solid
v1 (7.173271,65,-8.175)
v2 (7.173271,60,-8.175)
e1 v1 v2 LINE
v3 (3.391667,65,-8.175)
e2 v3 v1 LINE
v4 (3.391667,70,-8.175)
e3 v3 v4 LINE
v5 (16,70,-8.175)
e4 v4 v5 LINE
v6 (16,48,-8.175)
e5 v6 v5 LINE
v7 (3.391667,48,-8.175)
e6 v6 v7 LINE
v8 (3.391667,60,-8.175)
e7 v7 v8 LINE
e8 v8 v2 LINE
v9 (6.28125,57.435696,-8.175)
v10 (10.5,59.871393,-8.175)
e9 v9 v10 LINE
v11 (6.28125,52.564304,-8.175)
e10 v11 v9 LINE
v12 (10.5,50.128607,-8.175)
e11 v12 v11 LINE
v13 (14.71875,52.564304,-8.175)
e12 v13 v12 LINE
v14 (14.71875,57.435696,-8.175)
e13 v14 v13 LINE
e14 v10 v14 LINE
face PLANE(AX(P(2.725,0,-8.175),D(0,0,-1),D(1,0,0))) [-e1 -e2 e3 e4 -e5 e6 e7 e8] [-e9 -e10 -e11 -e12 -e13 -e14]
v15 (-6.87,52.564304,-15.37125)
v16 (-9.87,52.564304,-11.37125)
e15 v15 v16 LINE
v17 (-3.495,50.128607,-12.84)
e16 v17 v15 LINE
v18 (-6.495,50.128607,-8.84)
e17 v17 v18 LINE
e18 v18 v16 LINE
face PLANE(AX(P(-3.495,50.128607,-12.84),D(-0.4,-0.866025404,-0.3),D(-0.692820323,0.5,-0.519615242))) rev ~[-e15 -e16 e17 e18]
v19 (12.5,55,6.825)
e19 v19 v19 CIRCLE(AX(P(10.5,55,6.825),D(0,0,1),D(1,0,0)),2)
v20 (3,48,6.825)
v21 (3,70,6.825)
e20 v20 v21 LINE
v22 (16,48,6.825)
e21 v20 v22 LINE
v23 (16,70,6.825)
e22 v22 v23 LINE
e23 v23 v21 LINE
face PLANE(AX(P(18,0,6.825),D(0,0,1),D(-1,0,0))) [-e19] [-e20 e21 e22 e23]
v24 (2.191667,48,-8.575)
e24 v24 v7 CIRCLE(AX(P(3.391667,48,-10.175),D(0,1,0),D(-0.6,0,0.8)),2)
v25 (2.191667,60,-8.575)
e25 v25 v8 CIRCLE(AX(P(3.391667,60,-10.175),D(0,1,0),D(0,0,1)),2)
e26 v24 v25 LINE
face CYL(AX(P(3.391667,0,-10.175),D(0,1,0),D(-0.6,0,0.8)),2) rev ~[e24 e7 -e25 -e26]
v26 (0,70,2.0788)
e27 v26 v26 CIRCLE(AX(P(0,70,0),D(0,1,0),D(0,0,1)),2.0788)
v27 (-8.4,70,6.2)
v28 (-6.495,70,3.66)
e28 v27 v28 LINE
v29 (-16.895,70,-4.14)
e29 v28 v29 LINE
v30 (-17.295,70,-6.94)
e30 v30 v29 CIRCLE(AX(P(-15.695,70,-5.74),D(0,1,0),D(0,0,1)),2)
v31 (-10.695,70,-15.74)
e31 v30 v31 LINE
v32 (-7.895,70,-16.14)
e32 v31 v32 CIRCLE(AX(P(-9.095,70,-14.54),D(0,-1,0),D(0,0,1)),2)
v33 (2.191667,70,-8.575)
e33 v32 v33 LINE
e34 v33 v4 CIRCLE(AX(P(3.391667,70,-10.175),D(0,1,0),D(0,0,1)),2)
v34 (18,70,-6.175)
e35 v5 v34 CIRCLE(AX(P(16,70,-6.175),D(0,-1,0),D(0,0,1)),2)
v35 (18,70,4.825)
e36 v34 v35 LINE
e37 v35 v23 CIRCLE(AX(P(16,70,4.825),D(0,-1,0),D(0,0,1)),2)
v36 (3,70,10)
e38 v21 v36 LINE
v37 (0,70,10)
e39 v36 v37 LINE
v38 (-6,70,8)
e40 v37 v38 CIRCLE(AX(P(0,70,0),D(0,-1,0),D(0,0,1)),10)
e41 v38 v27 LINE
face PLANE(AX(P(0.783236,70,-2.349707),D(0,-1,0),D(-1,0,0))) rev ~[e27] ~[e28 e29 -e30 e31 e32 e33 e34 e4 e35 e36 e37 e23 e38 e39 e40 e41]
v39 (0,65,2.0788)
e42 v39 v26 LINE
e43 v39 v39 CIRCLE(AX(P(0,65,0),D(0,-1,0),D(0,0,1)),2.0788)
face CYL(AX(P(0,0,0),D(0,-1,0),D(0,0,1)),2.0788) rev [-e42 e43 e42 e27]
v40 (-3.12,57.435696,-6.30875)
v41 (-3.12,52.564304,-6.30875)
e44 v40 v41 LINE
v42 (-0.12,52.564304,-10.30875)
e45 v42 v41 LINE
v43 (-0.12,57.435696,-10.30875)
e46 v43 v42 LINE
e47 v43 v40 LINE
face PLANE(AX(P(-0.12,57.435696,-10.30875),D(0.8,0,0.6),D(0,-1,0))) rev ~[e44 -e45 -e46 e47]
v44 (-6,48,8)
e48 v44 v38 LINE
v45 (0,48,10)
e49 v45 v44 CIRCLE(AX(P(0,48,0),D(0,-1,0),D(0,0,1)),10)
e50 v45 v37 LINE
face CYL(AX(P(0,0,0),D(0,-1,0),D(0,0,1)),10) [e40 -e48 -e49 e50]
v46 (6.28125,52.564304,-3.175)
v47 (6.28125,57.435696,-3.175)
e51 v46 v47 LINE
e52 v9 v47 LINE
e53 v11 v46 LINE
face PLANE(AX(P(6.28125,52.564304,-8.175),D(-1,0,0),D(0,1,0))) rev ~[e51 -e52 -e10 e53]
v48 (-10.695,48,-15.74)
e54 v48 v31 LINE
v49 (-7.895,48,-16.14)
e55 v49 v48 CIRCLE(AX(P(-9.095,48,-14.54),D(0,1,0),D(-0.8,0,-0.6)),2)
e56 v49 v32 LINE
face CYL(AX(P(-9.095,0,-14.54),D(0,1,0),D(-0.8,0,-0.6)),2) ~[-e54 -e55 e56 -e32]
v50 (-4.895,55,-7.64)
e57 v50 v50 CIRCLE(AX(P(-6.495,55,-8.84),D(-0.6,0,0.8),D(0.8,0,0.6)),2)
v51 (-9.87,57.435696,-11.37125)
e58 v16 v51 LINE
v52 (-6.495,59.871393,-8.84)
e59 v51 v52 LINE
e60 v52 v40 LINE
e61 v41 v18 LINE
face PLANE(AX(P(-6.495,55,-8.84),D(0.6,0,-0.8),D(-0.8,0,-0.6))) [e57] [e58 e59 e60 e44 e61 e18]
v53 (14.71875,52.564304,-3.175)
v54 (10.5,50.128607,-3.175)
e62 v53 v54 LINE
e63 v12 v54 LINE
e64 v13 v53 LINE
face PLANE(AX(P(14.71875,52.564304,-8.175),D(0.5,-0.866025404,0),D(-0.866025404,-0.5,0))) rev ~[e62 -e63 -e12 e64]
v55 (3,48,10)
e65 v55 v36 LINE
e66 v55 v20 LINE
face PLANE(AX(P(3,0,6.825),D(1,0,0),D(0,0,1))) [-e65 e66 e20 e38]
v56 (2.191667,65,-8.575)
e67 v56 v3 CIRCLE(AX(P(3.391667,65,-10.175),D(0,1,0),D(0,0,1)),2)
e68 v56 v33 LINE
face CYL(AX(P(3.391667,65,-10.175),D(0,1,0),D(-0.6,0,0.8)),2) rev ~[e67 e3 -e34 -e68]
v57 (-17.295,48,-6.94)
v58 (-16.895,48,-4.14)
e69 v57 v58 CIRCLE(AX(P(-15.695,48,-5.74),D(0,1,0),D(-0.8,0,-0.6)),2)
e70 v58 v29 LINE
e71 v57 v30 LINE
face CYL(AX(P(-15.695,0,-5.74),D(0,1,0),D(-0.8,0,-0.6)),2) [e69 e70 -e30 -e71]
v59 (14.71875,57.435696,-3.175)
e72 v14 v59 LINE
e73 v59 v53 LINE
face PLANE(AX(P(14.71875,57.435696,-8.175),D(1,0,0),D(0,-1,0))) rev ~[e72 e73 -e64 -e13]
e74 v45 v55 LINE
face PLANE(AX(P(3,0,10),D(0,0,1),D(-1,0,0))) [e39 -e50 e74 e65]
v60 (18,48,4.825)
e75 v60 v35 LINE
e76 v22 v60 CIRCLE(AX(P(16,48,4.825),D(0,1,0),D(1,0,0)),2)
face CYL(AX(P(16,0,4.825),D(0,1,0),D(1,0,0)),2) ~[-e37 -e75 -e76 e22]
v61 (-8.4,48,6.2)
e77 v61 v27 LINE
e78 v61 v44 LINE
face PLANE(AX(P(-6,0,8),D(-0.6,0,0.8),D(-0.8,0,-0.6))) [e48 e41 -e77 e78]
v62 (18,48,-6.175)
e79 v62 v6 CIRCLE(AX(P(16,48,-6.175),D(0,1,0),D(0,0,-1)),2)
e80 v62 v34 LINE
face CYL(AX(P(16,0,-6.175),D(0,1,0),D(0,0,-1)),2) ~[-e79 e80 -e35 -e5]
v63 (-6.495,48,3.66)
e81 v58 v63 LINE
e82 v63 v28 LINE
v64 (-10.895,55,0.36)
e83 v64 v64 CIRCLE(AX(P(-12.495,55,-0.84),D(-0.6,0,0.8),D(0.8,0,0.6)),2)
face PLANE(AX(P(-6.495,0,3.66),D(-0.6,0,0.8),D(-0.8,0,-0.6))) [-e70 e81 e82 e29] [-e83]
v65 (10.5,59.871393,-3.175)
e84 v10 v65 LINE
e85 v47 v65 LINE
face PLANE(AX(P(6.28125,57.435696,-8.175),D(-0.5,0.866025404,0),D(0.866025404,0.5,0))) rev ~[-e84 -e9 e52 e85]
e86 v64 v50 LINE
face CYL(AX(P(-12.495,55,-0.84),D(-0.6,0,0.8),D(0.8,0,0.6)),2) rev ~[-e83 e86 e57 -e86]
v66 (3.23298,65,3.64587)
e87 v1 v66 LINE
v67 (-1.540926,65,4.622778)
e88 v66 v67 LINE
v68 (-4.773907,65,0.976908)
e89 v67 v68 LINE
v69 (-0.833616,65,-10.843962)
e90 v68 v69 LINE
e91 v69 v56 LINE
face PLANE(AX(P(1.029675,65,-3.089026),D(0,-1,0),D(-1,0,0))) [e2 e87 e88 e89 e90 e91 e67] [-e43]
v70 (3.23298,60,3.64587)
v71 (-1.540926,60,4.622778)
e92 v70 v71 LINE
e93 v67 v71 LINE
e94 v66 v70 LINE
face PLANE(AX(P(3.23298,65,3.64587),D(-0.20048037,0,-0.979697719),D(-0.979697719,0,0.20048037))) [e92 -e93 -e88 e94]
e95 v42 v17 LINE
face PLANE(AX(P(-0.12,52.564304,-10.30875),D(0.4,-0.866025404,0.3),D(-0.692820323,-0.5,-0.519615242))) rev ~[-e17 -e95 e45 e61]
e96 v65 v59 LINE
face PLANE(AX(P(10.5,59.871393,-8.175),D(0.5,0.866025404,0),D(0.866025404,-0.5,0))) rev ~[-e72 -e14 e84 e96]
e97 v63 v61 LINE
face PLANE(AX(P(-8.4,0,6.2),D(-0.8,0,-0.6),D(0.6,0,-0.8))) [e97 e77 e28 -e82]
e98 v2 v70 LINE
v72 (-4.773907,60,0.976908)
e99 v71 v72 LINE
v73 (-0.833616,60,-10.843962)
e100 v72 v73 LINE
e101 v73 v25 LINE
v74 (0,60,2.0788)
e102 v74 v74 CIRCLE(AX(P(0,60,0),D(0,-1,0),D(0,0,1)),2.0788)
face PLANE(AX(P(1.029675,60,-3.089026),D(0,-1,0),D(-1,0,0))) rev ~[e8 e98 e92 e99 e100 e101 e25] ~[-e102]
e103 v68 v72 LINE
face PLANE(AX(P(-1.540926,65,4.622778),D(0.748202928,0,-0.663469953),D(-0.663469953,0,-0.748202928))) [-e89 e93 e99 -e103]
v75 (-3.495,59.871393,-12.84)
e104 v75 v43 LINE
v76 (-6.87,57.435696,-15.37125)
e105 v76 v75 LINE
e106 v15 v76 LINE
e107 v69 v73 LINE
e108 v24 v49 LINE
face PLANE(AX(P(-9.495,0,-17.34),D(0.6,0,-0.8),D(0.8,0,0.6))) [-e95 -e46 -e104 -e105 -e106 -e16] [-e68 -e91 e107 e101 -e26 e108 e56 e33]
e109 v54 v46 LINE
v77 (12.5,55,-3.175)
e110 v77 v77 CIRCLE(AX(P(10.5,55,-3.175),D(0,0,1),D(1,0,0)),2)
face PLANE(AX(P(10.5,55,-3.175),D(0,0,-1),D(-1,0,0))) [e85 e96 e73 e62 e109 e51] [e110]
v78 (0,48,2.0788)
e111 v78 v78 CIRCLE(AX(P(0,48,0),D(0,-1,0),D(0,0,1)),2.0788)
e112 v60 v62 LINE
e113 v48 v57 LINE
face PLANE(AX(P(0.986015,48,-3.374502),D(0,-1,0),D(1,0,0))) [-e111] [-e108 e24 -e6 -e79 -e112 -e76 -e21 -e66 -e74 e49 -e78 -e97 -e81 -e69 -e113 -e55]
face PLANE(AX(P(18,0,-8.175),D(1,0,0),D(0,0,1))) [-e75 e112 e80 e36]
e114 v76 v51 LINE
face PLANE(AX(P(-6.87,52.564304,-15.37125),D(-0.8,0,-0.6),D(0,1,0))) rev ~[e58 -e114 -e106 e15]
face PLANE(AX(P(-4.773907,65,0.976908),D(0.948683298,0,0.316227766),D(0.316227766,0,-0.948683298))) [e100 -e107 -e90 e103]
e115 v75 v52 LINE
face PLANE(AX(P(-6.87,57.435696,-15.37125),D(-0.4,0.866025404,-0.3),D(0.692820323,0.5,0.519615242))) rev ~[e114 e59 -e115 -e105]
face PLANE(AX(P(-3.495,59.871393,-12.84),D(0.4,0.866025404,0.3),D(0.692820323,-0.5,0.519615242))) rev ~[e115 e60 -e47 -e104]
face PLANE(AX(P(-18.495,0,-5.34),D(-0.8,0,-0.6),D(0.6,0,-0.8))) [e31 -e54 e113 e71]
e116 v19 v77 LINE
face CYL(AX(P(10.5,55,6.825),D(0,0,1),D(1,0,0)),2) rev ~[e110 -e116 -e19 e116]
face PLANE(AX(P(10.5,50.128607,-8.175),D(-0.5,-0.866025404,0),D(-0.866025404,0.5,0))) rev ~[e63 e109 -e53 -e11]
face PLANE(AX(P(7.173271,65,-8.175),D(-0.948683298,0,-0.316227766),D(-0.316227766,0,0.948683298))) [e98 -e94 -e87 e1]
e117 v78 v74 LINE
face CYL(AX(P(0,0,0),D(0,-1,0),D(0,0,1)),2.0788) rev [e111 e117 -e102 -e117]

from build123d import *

# Parameters (mm, degrees)
SKETCH1_R           = 2.0788
BOSS_EXTRUDE1_DEPTH = 70
SKETCH2_R           = 2
CUT_EXTRUDE1_DEPTH  = 15
SKETCH3_R           = 2
CUT_EXTRUDE2_DEPTH  = 15
CUT_EXTRUDE3_DEPTH  = 5
CUT_EXTRUDE4_DEPTH  = 5
CUT_EXTRUDE5_START  = -5
CUT_EXTRUDE5_DEPTH  = 5
FILLET1_R           = 2
SKETCH8_W           = 42.920227698
SKETCH8_H           = 32.849947737
CUT_EXTRUDE6_DEPTH  = 48


with BuildPart() as part:
    # Sketch1 → Boss-Extrude1 (new body)
    with BuildSketch(Plane(origin=(0, 0, 0), x_dir=(1, 0, 0), z_dir=(0, 1, 0))):
        with BuildLine():
            Line((-18.495, 5.34), (-9.495, 17.34))
            Line((-9.495, 17.34), (2.725, 8.175))
            Line((2.725, 8.175), (18, 8.175))
            Line((18, 8.175), (18, -6.825))
            Line((18, -6.825), (3, -6.825))
            Line((3, -6.825), (3, -10))
            Line((3, -10), (0, -10))
            ThreePointArc((0, -10), (-3.16227766, -9.486832981), (-6, -8))
            Line((-6, -8), (-8.4, -6.2))
            Line((-8.4, -6.2), (-6.495, -3.66))
            Line((-6.495, -3.66), (-18.495, 5.34))
        make_face()
        with Locations(Location((0, 0, 0), (0, 0, 270))):
            Circle(SKETCH1_R, mode=Mode.SUBTRACT)
    extrude(amount=BOSS_EXTRUDE1_DEPTH)

    # Sketch2 → Cut-Extrude1 (cut)
    with BuildSketch(Plane.XY.offset(6.825)):
        with Locations((10.5, 15)):
            Circle(SKETCH2_R)
        with Locations((10.5, 55)):
            Circle(SKETCH2_R)
    extrude(amount=-CUT_EXTRUDE1_DEPTH, mode=Mode.SUBTRACT)

    # Sketch3 → Cut-Extrude2 (cut)
    with BuildSketch(Plane(origin=(-4.095, 0, 5.46), x_dir=(0.8000000000000002, 0, 0.5999999999999999), z_dir=(-0.5999999999999999, 0, 0.8000000000000003))):
        with Locations((-10.5, 15)):
            Circle(SKETCH3_R)
        with Locations((-10.5, 55)):
            Circle(SKETCH3_R)
    extrude(amount=-CUT_EXTRUDE2_DEPTH, mode=Mode.SUBTRACT)

    # Sketch4 → Cut-Extrude3 (cut)
    with BuildSketch(Plane(origin=(4.905, 0, -6.54), x_dir=(-0.8000000000000002, 0, -0.5999999999999998), z_dir=(0.5999999999999998, 0, -0.8000000000000002))):
        Polygon((10.5, 59.871392896), (6.28125, 57.435696448), (6.28125, 52.564303552), (10.5, 50.128607104), (14.71875, 52.564303552), (14.71875, 57.435696448), align=None)
        Polygon((10.5, 10.128607104), (14.71875, 12.564303552), (14.71875, 17.435696448), (10.5, 19.871392896), (6.28125, 17.435696448), (6.28125, 12.564303552), align=None)
    extrude(amount=-CUT_EXTRUDE3_DEPTH, mode=Mode.SUBTRACT)

    # Sketch5 → Cut-Extrude4 (cut)
    with BuildSketch(Plane(origin=(0, 0, -8.175), x_dir=(-1, 0, 0), z_dir=(0, 0, -1))):
        Polygon((-10.5, 50.128607104), (-6.28125, 52.564303552), (-6.28125, 57.435696448), (-10.5, 59.871392896), (-14.71875, 57.435696448), (-14.71875, 52.564303552), align=None)
        Polygon((-10.5, 10.128607104), (-6.28125, 12.564303552), (-6.28125, 17.435696448), (-10.5, 19.871392896), (-14.71875, 17.435696448), (-14.71875, 12.564303552), align=None)
    extrude(amount=-CUT_EXTRUDE4_DEPTH, mode=Mode.SUBTRACT)

    # Sketch7 → Cut-Extrude5 (cut)
    with BuildSketch(Plane(origin=(0, 70, 0), x_dir=(1, 0, 0), z_dir=(0, 1, 0)).offset(CUT_EXTRUDE5_START)):
        Polygon((-4.773906582, -0.97690802), (-0.83361646, 10.843962345), (2.725, 8.175), (7.173270575, 8.175), (3.232980454, -3.645870365), (-1.540926128, -4.622778385), align=None)
    extrude(amount=-CUT_EXTRUDE5_DEPTH, mode=Mode.SUBTRACT)

    # Fillet1
    fillet1_edges = [part.edges().sort_by_distance(p)[0] for p in [
        (2.725, 30, -8.175),
        (-18.495, 35, -5.34),
        (-9.495, 35, -17.34),
        (2.725, 67.5, -8.175),
        (18, 35, -8.175),
        (18, 35, 6.825),
    ]]
    fillet(fillet1_edges, radius=FILLET1_R)

    # Sketch8 → Cut-Extrude6 (cut)
    with BuildSketch(Plane.XZ):
        with Locations((0.986015294, -3.374502162)):
            Rectangle(SKETCH8_W, SKETCH8_H)
    extrude(amount=-CUT_EXTRUDE6_DEPTH, mode=Mode.SUBTRACT)


solid = part.part
